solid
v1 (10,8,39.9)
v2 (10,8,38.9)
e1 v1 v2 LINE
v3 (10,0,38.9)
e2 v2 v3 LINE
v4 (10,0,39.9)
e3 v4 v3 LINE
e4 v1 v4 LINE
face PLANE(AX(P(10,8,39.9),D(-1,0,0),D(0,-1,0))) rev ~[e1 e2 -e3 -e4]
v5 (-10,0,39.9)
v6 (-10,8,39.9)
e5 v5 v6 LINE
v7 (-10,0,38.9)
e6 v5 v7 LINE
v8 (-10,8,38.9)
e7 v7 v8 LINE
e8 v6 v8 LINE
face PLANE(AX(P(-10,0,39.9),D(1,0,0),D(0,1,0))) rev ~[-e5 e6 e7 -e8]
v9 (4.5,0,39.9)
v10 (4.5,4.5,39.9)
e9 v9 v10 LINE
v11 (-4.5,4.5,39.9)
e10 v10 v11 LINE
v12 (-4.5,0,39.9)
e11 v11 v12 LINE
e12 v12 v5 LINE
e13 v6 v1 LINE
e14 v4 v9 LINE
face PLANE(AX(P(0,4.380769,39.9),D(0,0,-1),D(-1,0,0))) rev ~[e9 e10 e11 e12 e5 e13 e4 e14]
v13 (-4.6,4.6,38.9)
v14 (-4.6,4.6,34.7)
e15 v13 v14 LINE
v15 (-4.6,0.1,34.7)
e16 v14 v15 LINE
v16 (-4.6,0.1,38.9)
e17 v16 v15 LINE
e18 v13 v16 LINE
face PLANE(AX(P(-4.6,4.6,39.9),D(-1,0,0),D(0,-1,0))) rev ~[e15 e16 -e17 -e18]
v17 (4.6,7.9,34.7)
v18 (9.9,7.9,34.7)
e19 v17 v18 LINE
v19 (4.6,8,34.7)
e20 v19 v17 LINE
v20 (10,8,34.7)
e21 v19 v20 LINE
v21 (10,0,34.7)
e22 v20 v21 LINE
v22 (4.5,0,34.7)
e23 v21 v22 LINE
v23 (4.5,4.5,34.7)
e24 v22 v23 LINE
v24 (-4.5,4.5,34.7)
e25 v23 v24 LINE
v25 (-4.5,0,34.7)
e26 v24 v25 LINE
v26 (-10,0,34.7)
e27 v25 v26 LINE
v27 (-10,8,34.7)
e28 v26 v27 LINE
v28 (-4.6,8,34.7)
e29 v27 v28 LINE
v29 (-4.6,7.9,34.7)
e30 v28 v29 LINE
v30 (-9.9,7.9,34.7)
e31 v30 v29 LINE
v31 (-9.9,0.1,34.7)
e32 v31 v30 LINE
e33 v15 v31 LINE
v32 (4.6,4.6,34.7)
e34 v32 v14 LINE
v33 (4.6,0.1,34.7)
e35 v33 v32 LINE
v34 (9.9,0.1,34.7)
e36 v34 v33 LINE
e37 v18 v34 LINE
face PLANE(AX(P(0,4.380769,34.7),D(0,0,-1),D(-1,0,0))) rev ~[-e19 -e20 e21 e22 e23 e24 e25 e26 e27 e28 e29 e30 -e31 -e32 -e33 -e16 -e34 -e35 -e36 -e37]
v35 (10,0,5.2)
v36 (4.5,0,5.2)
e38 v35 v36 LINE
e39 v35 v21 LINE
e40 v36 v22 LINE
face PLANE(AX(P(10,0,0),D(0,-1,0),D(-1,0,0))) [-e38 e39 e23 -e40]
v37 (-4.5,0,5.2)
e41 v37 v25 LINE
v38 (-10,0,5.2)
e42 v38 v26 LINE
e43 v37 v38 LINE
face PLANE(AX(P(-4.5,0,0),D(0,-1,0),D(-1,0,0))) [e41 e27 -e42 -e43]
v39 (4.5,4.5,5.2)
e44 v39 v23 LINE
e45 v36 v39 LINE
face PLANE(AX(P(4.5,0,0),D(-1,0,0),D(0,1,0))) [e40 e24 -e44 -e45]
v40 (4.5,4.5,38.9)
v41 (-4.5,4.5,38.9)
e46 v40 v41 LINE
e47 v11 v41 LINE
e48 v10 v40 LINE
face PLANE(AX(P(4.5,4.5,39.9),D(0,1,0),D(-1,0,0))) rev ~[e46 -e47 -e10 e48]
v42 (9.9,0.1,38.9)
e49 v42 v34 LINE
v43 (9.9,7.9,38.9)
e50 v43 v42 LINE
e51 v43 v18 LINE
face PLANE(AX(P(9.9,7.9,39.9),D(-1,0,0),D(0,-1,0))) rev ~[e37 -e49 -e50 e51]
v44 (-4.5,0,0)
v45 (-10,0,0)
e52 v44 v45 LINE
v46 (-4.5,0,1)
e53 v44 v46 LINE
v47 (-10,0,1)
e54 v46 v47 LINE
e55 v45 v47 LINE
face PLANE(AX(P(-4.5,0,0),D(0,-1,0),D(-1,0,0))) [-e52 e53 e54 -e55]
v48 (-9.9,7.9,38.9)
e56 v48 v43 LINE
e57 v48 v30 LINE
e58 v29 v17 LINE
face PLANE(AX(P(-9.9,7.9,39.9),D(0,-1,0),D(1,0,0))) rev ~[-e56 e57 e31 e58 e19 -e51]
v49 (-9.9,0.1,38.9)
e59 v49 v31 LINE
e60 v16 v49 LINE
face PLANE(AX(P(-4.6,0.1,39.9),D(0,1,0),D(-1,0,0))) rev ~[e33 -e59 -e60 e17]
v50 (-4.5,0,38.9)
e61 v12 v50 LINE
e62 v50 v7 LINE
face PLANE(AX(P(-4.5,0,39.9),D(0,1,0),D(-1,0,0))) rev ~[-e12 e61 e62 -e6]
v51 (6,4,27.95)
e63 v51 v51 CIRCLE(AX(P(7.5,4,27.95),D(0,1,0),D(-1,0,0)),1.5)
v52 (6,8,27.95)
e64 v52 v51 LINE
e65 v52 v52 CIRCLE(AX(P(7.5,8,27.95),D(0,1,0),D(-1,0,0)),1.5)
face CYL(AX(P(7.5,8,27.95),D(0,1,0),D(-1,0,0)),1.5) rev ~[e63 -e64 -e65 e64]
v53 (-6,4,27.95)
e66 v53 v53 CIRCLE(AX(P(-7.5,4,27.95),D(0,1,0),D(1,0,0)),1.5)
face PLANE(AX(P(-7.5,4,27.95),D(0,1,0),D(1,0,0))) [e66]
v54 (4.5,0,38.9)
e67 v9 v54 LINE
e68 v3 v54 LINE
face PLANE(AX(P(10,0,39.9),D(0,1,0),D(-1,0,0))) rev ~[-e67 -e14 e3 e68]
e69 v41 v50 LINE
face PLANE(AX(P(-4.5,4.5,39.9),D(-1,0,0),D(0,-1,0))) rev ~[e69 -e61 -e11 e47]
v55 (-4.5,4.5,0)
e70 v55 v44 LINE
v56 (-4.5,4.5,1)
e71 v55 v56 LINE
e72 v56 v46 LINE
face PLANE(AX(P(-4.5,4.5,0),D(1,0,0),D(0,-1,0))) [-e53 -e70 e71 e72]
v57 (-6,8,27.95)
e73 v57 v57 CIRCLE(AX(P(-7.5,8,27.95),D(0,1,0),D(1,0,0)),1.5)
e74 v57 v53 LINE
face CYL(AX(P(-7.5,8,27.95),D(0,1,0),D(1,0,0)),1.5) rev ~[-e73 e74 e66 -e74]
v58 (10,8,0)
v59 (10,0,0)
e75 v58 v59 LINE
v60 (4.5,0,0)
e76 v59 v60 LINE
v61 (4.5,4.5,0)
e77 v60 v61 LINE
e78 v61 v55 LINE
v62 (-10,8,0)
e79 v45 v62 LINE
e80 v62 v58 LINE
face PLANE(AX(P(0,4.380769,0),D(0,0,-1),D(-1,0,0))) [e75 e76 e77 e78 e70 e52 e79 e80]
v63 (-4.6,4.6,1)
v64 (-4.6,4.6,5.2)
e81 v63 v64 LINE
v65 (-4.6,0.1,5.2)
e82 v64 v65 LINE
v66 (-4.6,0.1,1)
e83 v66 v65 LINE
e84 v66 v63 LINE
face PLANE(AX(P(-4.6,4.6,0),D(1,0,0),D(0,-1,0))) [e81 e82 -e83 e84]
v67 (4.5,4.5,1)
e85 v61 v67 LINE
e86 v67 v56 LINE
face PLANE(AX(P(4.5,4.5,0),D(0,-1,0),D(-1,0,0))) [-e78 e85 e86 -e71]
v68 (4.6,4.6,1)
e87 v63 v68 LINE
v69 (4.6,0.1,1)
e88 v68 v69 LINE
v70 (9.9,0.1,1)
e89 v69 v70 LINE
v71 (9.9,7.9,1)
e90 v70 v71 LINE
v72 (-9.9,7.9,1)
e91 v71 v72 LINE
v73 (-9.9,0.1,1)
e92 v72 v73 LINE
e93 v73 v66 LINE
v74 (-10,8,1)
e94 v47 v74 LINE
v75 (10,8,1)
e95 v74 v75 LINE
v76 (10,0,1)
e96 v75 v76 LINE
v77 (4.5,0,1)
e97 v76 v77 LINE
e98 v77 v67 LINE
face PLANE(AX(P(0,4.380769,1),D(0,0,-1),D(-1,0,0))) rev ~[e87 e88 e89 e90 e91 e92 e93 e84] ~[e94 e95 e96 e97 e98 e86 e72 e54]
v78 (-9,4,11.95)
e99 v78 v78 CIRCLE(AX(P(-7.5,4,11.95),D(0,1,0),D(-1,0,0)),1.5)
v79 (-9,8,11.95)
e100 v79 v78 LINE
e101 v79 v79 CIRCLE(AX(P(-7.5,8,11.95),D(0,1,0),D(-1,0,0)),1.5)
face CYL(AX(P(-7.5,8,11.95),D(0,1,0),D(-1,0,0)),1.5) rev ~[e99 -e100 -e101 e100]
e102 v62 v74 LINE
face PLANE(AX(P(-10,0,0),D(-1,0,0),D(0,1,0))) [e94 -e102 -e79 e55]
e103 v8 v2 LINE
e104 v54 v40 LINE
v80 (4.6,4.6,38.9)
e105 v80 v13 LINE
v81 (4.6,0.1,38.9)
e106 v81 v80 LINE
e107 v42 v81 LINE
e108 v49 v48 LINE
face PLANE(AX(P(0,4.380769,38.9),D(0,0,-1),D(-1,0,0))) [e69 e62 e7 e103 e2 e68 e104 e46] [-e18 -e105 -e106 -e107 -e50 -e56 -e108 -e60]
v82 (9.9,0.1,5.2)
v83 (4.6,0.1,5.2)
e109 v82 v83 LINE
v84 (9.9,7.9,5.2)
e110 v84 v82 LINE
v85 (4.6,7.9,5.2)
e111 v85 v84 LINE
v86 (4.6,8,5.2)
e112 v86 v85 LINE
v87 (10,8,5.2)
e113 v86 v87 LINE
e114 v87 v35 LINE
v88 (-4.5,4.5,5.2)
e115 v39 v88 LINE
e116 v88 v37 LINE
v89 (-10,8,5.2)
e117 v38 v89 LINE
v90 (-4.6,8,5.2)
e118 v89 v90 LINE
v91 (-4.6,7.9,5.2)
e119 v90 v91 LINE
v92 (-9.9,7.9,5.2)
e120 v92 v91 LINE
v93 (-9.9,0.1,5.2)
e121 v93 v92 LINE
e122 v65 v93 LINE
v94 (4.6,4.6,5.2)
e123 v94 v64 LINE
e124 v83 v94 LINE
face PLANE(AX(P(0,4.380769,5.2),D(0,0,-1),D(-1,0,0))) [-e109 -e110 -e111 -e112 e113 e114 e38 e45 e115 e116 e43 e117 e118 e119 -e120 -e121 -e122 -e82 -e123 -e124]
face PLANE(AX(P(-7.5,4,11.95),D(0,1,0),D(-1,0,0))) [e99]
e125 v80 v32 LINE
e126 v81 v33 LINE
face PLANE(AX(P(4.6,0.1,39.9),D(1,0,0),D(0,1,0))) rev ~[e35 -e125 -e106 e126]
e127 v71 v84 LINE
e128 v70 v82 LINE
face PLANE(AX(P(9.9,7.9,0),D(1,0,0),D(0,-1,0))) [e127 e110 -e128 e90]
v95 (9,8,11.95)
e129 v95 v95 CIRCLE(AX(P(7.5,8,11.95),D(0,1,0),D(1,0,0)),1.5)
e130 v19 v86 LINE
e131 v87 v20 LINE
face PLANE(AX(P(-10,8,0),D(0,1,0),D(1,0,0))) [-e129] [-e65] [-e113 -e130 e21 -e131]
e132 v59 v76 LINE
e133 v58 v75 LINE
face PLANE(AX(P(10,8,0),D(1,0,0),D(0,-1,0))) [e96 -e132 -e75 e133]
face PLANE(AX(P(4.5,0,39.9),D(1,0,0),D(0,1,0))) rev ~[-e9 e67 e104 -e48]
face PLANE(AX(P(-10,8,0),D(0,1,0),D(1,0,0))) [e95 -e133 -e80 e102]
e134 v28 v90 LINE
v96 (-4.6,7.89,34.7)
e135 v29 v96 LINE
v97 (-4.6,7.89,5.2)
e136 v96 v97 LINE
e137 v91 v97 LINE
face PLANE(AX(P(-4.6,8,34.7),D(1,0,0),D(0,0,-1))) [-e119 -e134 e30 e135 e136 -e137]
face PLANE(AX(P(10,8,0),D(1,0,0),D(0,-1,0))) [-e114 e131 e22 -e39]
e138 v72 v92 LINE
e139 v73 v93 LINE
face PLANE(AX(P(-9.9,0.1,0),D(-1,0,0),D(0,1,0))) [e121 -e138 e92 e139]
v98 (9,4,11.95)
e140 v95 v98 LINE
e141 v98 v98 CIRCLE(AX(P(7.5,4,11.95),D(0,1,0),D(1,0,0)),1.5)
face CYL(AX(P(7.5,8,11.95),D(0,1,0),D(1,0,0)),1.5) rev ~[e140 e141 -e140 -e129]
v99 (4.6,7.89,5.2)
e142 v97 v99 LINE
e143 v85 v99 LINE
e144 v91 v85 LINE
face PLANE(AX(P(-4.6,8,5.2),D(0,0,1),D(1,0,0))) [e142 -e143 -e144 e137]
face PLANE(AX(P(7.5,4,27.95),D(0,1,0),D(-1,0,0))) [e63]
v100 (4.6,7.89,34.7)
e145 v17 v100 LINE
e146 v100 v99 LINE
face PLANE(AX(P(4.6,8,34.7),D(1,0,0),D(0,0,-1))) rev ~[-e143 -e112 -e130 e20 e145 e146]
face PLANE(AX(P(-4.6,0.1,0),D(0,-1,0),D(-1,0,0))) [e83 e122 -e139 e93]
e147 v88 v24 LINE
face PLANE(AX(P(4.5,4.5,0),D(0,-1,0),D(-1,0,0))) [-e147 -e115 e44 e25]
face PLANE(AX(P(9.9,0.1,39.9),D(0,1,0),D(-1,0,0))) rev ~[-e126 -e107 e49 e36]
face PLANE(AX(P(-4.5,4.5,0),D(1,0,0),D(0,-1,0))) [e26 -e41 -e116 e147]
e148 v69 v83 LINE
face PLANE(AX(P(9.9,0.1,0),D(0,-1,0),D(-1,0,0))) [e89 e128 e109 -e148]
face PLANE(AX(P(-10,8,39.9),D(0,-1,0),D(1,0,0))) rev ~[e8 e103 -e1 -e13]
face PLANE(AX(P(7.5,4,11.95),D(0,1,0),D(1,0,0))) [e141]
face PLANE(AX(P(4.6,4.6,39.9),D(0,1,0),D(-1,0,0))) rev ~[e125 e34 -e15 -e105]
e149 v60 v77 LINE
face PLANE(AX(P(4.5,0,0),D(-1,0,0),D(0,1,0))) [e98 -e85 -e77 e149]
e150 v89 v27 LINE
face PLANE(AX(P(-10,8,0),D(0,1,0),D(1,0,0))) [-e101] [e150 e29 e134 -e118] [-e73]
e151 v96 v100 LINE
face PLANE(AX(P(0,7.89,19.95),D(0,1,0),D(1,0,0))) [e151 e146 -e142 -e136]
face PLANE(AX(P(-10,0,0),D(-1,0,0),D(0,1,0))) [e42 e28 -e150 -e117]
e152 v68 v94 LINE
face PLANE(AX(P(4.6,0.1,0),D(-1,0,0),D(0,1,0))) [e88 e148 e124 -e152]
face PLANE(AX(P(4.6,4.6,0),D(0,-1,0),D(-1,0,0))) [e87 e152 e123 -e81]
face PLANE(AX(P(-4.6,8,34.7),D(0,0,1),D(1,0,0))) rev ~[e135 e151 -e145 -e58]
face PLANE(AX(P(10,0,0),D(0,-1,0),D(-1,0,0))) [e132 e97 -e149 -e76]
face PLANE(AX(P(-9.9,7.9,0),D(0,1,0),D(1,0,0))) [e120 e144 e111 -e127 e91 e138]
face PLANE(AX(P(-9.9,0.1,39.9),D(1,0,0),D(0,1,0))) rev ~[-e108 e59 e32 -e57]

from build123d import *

# Parameters (mm, degrees)
BOSS_EXTRUDE1_DEPTH = 39.9
SKETCH2_R           = 1.5
CUT_EXTRUDE1_DEPTH  = 4
CUT_EXTRUDE2_DEPTH  = 5.2
CUT_EXTRUDE3_START  = -39.9
CUT_EXTRUDE3_DEPTH  = 5.2
BOSS_EXTRUDE2_DEPTH = 1
BOSS_EXTRUDE3_START = -39.9
BOSS_EXTRUDE3_DEPTH = 1
SKETCH5_W           = 9.2
SKETCH5_H           = 29.5
CUT_EXTRUDE4_DEPTH  = 0.11


with BuildPart() as part:
    # Sketch1 → Boss-Extrude1 (new body)
    with BuildSketch(Plane.XY):
        Polygon((4.5, 4.5), (-4.5, 4.5), (-4.5, 0), (-10, 0), (-10, 8), (10, 8), (10, 0), (4.5, 0), align=None)
    extrude(amount=BOSS_EXTRUDE1_DEPTH)

    # Sketch2 → Cut-Extrude1 (cut)
    with BuildSketch(Plane(origin=(0, 8, 0), x_dir=(1, 0, 0), z_dir=(0, 1, 0))):
        with Locations(Location((-7.5, -11.95, 0), (0, 0, 180))):
            Circle(SKETCH2_R)
        with Locations((7.5, -11.95)):
            Circle(SKETCH2_R)
        with Locations(Location((7.5, -27.95, 0), (0, 0, 180))):
            Circle(SKETCH2_R)
        with Locations((-7.5, -27.95)):
            Circle(SKETCH2_R)
    extrude(amount=-CUT_EXTRUDE1_DEPTH, mode=Mode.SUBTRACT)

    # Sketch3 → Cut-Extrude2 (cut)
    with BuildSketch(Plane(origin=(0, 0, 0), x_dir=(-1, 0, 0), z_dir=(0, 0, -1))):
        Polygon((4.5, 0), (10, 0), (10, 8), (-10, 8), (-10, 0), (-4.5, 0), (-4.5, 4.5), (4.5, 4.5), align=None)
        Polygon((4.6, 0.1), (9.9, 0.1), (9.9, 7.9), (-9.9, 7.9), (-9.9, 0.1), (-4.6, 0.1), (-4.6, 4.6), (4.6, 4.6), align=None, mode=Mode.SUBTRACT)
    extrude(amount=-CUT_EXTRUDE2_DEPTH, mode=Mode.SUBTRACT)

    # Sketch3<3> → Cut-Extrude3 (cut)
    with BuildSketch(Plane(origin=(0, 0, 0), x_dir=(-1, 0, 0), z_dir=(0, 0, -1)).offset(CUT_EXTRUDE3_START)):
        Polygon((10, 0), (10, 8), (-10, 8), (-10, 0), (-4.5, 0), (-4.5, 4.5), (4.5, 4.5), (4.5, 0), align=None)
        Polygon((9.9, 0.1), (9.9, 7.9), (-9.9, 7.9), (-9.9, 0.1), (-4.6, 0.1), (-4.6, 4.6), (4.6, 4.6), (4.6, 0.1), align=None, mode=Mode.SUBTRACT)
    extrude(amount=CUT_EXTRUDE3_DEPTH, mode=Mode.SUBTRACT)

    # Sketch4 → Boss-Extrude2 (add)
    with BuildSketch(Plane(origin=(0, 0, 0), x_dir=(-1, 0, 0), z_dir=(0, 0, -1))):
        Polygon((4.5, 4.5), (4.5, 0), (10, 0), (10, 8), (-10, 8), (-10, 0), (-4.5, 0), (-4.5, 4.5), align=None)
    extrude(amount=-BOSS_EXTRUDE2_DEPTH)

    # Sketch4<2> → Boss-Extrude3 (add)
    with BuildSketch(Plane(origin=(0, 0, 0), x_dir=(-1, 0, 0), z_dir=(0, 0, -1)).offset(BOSS_EXTRUDE3_START)):
        Polygon((4.5, 4.5), (4.5, 0), (10, 0), (10, 8), (-10, 8), (-10, 0), (-4.5, 0), (-4.5, 4.5), align=None)
    extrude(amount=BOSS_EXTRUDE3_DEPTH)

    # Sketch5 → Cut-Extrude4 (cut)
    with BuildSketch(Plane(origin=(0, 8, 0), x_dir=(1, 0, 0), z_dir=(0, 1, 0))):
        with Locations((0, -19.95)):
            Rectangle(SKETCH5_W, SKETCH5_H)
    extrude(amount=-CUT_EXTRUDE4_DEPTH, mode=Mode.SUBTRACT)


solid = part.part
